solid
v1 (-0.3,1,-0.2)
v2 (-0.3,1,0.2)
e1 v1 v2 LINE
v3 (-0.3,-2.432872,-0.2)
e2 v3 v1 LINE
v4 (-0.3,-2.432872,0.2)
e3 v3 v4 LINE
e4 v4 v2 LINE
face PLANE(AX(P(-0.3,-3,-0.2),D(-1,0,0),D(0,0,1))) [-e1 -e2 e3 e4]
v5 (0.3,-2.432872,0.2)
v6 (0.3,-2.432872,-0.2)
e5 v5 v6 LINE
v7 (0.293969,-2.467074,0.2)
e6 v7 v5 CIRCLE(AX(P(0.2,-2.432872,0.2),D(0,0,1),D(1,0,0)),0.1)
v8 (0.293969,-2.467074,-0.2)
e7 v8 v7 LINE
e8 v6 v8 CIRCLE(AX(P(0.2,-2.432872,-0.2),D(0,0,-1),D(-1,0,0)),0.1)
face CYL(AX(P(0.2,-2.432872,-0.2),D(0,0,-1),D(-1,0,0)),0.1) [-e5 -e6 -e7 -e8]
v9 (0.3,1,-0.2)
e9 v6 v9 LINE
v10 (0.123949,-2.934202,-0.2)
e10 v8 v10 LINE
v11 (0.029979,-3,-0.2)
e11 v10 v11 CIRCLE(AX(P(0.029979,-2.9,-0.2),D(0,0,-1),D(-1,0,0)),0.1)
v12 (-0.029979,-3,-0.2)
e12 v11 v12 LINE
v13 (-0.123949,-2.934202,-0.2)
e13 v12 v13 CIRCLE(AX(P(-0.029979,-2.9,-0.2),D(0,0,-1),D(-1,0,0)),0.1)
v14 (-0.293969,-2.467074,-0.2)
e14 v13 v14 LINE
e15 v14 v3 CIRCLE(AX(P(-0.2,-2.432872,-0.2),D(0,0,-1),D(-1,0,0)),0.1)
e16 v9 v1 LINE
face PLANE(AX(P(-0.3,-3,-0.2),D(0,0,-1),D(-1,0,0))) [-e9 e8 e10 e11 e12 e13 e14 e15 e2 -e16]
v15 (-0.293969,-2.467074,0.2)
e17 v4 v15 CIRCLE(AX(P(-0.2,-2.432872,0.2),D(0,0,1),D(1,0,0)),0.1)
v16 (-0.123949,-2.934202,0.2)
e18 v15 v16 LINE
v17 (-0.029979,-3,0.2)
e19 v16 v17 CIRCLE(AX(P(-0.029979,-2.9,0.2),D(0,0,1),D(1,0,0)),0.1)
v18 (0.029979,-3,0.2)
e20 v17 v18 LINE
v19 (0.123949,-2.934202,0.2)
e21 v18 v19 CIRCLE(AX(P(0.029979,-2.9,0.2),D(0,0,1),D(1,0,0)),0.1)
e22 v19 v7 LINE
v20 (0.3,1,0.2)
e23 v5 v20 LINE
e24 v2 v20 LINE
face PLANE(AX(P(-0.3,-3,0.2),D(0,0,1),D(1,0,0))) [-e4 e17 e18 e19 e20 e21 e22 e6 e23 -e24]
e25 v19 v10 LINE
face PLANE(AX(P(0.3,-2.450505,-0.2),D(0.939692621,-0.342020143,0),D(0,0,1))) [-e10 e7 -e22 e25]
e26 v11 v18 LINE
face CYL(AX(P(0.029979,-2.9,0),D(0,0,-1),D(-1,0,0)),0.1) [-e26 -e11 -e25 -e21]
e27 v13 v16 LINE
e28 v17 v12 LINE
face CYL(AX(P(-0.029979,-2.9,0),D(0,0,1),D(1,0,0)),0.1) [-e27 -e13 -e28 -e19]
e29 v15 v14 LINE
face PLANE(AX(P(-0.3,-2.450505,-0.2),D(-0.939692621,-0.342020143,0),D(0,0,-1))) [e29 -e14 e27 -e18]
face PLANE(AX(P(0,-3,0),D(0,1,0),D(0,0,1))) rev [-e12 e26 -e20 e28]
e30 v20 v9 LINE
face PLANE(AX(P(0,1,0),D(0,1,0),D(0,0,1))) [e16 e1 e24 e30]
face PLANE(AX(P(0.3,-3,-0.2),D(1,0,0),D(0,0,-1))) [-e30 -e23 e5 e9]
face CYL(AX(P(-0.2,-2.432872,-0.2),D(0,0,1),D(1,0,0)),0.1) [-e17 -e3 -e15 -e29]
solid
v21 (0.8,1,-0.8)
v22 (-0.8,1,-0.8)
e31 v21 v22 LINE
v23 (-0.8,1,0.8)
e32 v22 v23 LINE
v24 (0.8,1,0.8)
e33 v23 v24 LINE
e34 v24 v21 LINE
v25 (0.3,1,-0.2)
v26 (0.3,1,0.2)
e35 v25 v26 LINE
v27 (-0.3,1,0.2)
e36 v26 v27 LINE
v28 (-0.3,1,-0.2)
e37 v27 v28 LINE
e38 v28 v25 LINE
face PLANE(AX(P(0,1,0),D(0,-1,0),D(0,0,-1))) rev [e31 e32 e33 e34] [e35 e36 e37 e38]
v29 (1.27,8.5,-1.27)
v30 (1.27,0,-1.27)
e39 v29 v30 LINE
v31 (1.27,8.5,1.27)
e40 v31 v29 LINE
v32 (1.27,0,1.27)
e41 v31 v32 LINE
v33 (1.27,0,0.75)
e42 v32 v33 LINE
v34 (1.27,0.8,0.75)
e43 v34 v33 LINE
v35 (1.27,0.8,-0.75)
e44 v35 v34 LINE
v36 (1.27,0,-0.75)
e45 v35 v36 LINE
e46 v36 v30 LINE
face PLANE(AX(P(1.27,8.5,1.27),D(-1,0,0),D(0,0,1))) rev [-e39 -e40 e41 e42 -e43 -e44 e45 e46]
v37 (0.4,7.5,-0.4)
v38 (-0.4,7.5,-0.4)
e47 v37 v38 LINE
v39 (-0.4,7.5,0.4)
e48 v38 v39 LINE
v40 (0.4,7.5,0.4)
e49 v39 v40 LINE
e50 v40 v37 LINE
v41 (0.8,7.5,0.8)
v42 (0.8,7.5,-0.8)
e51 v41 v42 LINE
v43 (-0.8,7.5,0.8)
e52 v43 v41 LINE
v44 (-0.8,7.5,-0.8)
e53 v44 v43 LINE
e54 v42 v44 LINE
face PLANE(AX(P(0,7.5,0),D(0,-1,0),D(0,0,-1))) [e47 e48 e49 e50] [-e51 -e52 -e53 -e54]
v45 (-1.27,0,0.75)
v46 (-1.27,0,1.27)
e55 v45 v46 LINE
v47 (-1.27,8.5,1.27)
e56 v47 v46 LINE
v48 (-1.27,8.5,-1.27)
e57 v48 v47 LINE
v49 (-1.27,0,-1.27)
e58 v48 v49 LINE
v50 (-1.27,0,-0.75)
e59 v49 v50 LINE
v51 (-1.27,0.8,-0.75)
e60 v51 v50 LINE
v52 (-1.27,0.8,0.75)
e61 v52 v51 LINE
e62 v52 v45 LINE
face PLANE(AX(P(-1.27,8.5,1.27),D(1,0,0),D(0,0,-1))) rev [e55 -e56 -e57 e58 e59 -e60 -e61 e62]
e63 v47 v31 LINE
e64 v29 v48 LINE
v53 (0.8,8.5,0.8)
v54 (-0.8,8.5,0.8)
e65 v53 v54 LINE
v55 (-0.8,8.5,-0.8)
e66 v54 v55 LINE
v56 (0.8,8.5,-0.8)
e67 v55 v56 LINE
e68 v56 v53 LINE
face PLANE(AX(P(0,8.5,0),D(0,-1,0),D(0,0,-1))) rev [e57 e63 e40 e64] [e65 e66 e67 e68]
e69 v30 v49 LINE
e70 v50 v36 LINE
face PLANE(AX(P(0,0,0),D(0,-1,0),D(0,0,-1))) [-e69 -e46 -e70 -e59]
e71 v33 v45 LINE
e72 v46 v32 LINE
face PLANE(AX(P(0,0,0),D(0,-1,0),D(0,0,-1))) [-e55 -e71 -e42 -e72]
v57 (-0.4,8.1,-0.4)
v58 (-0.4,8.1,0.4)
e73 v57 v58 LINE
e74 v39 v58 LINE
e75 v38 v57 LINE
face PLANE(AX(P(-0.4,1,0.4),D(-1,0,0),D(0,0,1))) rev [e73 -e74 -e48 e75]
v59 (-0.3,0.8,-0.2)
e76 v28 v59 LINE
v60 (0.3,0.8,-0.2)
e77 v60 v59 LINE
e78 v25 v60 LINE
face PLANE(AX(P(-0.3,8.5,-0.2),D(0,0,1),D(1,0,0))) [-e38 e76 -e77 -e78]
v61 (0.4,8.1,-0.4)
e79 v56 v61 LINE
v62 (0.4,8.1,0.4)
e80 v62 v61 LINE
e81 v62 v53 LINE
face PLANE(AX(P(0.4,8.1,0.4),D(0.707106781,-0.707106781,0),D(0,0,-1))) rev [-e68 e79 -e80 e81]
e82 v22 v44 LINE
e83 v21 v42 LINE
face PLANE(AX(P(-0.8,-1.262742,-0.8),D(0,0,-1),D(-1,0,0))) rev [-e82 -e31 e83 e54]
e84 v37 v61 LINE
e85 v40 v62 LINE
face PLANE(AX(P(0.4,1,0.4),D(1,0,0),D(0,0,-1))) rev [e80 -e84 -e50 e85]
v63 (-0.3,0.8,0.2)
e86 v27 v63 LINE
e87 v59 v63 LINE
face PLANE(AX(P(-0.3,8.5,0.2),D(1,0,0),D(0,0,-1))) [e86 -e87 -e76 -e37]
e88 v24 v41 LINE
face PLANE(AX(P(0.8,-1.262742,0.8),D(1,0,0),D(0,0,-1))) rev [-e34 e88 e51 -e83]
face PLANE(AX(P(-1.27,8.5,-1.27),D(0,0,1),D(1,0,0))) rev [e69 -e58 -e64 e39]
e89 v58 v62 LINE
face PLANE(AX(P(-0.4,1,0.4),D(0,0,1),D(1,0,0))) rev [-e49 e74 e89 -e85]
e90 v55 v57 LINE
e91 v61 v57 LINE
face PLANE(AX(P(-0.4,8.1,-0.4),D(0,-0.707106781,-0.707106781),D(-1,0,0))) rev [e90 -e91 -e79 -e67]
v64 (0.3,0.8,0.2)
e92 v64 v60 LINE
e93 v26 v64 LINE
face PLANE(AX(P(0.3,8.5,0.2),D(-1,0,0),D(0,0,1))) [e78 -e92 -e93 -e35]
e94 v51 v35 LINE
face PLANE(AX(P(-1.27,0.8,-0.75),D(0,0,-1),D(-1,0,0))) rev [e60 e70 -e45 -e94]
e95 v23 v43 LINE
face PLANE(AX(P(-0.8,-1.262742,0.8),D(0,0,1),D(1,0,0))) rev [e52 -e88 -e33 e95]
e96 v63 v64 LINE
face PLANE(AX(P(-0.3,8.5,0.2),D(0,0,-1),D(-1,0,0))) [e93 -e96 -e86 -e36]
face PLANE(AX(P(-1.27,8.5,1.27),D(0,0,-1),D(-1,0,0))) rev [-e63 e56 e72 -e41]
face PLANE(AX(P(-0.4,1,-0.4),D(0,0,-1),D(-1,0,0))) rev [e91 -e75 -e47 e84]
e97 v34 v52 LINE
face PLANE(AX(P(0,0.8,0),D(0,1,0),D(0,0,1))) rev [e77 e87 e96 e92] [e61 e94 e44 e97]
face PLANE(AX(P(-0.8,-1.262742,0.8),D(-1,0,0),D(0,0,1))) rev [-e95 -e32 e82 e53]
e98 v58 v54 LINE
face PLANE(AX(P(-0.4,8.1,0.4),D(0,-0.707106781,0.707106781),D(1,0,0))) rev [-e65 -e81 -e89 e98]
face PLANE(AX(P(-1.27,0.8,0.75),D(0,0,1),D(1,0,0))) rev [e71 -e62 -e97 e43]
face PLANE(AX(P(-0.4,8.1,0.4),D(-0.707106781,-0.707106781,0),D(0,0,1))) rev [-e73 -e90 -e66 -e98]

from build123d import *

# Parameters (mm, degrees)
SKETCH3_W           = 2.54
SKETCH3_H           = 2.54
SKETCH3_W_2         = 0.6
SKETCH3_H_2         = 0.4
BOSS_EXTRUDE1_DEPTH = 8.5
SKETCH4_W           = 0.8
SKETCH4_H           = 0.8
CUT_EXTRUDE1_DEPTH  = 7.5
CHAMFER1_SIZE       = 0.4
CUT_EXTRUDE3_START  = -1
SKETCH5_W           = 1.6
SKETCH5_H           = 1.6
CUT_EXTRUDE3_DEPTH  = 6.5
SKETCH6_W           = 2.54
SKETCH6_H           = 1.5
CUT_EXTRUDE4_DEPTH  = 0.8
BOSS_EXTRUDE2_START = 1
SKETCH7_W           = 0.6
SKETCH7_H           = 0.4
BOSS_EXTRUDE2_DEPTH = 4
CHAMFER2_SIZE       = 0.2
CHAMFER2_SIZE2      = 0.549495484
FILLET1_R           = 0.1


with BuildPart() as part:
    # Sketch3 → Boss-Extrude1 (new body)
    with BuildSketch(Plane(origin=(0, 0, 0), x_dir=(1, 0, 0), z_dir=(0, 1, 0))):
        Rectangle(SKETCH3_W, SKETCH3_H)
        Rectangle(SKETCH3_W_2, SKETCH3_H_2, mode=Mode.SUBTRACT)
    extrude(amount=BOSS_EXTRUDE1_DEPTH)

    # Sketch4 → Cut-Extrude1 (cut)
    with BuildSketch(Plane(origin=(0, 8.5, 0), x_dir=(1, 0, 0), z_dir=(0, 1, 0))):
        Rectangle(SKETCH4_W, SKETCH4_H)
    extrude(amount=-CUT_EXTRUDE1_DEPTH, mode=Mode.SUBTRACT)

    # Chamfer1
    chamfer1_edges = [part.edges().sort_by_distance(p)[0] for p in [
        (0.4, 8.5, 0),
        (0, 8.5, -0.4),
        (-0.4, 8.5, 0),
        (0, 8.5, 0.4),
    ]]
    chamfer(chamfer1_edges, length=CHAMFER1_SIZE)

    # Sketch5 → Cut-Extrude3 (cut)
    with BuildSketch(Plane(origin=(0, 8.5, 0), x_dir=(1, 0, 0), z_dir=(0, 1, 0)).offset(CUT_EXTRUDE3_START)):
        Rectangle(SKETCH5_W, SKETCH5_H)
    extrude(amount=-CUT_EXTRUDE3_DEPTH, mode=Mode.SUBTRACT)

    # Sketch6 → Cut-Extrude4 (cut)
    with BuildSketch(Plane.XZ):
        Rectangle(SKETCH6_W, SKETCH6_H)
    extrude(amount=-CUT_EXTRUDE4_DEPTH, mode=Mode.SUBTRACT)


with BuildPart() as body_2:
    # Sketch7 → Boss-Extrude2 (new body)
    with BuildSketch(Plane(origin=(0, 0, 0), x_dir=(1, 0, 0), z_dir=(0, 1, 0)).offset(BOSS_EXTRUDE2_START)):
        Rectangle(SKETCH7_W, SKETCH7_H)
    extrude(amount=-BOSS_EXTRUDE2_DEPTH)

    # Chamfer2
    chamfer2_edges = [body_2.edges().sort_by_distance(p)[0] for p in [
        (-0.3, -3, 0),
        (0.3, -3, 0),
    ]]
    chamfer2_side = [body_2.faces().sort_by_distance(p)[0] for p in [
        (0, -3, 0),
    ]]
    chamfer(chamfer2_edges, length=CHAMFER2_SIZE, length2=CHAMFER2_SIZE2, reference=chamfer2_side[0])

    # Fillet1
    fillet1_edges = [body_2.edges().sort_by_distance(p)[0] for p in [
        (-0.3, -2.450504516, 0),
        (0.1, -3, 0),
        (-0.1, -3, 0),
        (0.3, -2.450504516, 0),
    ]]
    fillet(fillet1_edges, radius=FILLET1_R)


solid = Compound([part.part, body_2.part])
